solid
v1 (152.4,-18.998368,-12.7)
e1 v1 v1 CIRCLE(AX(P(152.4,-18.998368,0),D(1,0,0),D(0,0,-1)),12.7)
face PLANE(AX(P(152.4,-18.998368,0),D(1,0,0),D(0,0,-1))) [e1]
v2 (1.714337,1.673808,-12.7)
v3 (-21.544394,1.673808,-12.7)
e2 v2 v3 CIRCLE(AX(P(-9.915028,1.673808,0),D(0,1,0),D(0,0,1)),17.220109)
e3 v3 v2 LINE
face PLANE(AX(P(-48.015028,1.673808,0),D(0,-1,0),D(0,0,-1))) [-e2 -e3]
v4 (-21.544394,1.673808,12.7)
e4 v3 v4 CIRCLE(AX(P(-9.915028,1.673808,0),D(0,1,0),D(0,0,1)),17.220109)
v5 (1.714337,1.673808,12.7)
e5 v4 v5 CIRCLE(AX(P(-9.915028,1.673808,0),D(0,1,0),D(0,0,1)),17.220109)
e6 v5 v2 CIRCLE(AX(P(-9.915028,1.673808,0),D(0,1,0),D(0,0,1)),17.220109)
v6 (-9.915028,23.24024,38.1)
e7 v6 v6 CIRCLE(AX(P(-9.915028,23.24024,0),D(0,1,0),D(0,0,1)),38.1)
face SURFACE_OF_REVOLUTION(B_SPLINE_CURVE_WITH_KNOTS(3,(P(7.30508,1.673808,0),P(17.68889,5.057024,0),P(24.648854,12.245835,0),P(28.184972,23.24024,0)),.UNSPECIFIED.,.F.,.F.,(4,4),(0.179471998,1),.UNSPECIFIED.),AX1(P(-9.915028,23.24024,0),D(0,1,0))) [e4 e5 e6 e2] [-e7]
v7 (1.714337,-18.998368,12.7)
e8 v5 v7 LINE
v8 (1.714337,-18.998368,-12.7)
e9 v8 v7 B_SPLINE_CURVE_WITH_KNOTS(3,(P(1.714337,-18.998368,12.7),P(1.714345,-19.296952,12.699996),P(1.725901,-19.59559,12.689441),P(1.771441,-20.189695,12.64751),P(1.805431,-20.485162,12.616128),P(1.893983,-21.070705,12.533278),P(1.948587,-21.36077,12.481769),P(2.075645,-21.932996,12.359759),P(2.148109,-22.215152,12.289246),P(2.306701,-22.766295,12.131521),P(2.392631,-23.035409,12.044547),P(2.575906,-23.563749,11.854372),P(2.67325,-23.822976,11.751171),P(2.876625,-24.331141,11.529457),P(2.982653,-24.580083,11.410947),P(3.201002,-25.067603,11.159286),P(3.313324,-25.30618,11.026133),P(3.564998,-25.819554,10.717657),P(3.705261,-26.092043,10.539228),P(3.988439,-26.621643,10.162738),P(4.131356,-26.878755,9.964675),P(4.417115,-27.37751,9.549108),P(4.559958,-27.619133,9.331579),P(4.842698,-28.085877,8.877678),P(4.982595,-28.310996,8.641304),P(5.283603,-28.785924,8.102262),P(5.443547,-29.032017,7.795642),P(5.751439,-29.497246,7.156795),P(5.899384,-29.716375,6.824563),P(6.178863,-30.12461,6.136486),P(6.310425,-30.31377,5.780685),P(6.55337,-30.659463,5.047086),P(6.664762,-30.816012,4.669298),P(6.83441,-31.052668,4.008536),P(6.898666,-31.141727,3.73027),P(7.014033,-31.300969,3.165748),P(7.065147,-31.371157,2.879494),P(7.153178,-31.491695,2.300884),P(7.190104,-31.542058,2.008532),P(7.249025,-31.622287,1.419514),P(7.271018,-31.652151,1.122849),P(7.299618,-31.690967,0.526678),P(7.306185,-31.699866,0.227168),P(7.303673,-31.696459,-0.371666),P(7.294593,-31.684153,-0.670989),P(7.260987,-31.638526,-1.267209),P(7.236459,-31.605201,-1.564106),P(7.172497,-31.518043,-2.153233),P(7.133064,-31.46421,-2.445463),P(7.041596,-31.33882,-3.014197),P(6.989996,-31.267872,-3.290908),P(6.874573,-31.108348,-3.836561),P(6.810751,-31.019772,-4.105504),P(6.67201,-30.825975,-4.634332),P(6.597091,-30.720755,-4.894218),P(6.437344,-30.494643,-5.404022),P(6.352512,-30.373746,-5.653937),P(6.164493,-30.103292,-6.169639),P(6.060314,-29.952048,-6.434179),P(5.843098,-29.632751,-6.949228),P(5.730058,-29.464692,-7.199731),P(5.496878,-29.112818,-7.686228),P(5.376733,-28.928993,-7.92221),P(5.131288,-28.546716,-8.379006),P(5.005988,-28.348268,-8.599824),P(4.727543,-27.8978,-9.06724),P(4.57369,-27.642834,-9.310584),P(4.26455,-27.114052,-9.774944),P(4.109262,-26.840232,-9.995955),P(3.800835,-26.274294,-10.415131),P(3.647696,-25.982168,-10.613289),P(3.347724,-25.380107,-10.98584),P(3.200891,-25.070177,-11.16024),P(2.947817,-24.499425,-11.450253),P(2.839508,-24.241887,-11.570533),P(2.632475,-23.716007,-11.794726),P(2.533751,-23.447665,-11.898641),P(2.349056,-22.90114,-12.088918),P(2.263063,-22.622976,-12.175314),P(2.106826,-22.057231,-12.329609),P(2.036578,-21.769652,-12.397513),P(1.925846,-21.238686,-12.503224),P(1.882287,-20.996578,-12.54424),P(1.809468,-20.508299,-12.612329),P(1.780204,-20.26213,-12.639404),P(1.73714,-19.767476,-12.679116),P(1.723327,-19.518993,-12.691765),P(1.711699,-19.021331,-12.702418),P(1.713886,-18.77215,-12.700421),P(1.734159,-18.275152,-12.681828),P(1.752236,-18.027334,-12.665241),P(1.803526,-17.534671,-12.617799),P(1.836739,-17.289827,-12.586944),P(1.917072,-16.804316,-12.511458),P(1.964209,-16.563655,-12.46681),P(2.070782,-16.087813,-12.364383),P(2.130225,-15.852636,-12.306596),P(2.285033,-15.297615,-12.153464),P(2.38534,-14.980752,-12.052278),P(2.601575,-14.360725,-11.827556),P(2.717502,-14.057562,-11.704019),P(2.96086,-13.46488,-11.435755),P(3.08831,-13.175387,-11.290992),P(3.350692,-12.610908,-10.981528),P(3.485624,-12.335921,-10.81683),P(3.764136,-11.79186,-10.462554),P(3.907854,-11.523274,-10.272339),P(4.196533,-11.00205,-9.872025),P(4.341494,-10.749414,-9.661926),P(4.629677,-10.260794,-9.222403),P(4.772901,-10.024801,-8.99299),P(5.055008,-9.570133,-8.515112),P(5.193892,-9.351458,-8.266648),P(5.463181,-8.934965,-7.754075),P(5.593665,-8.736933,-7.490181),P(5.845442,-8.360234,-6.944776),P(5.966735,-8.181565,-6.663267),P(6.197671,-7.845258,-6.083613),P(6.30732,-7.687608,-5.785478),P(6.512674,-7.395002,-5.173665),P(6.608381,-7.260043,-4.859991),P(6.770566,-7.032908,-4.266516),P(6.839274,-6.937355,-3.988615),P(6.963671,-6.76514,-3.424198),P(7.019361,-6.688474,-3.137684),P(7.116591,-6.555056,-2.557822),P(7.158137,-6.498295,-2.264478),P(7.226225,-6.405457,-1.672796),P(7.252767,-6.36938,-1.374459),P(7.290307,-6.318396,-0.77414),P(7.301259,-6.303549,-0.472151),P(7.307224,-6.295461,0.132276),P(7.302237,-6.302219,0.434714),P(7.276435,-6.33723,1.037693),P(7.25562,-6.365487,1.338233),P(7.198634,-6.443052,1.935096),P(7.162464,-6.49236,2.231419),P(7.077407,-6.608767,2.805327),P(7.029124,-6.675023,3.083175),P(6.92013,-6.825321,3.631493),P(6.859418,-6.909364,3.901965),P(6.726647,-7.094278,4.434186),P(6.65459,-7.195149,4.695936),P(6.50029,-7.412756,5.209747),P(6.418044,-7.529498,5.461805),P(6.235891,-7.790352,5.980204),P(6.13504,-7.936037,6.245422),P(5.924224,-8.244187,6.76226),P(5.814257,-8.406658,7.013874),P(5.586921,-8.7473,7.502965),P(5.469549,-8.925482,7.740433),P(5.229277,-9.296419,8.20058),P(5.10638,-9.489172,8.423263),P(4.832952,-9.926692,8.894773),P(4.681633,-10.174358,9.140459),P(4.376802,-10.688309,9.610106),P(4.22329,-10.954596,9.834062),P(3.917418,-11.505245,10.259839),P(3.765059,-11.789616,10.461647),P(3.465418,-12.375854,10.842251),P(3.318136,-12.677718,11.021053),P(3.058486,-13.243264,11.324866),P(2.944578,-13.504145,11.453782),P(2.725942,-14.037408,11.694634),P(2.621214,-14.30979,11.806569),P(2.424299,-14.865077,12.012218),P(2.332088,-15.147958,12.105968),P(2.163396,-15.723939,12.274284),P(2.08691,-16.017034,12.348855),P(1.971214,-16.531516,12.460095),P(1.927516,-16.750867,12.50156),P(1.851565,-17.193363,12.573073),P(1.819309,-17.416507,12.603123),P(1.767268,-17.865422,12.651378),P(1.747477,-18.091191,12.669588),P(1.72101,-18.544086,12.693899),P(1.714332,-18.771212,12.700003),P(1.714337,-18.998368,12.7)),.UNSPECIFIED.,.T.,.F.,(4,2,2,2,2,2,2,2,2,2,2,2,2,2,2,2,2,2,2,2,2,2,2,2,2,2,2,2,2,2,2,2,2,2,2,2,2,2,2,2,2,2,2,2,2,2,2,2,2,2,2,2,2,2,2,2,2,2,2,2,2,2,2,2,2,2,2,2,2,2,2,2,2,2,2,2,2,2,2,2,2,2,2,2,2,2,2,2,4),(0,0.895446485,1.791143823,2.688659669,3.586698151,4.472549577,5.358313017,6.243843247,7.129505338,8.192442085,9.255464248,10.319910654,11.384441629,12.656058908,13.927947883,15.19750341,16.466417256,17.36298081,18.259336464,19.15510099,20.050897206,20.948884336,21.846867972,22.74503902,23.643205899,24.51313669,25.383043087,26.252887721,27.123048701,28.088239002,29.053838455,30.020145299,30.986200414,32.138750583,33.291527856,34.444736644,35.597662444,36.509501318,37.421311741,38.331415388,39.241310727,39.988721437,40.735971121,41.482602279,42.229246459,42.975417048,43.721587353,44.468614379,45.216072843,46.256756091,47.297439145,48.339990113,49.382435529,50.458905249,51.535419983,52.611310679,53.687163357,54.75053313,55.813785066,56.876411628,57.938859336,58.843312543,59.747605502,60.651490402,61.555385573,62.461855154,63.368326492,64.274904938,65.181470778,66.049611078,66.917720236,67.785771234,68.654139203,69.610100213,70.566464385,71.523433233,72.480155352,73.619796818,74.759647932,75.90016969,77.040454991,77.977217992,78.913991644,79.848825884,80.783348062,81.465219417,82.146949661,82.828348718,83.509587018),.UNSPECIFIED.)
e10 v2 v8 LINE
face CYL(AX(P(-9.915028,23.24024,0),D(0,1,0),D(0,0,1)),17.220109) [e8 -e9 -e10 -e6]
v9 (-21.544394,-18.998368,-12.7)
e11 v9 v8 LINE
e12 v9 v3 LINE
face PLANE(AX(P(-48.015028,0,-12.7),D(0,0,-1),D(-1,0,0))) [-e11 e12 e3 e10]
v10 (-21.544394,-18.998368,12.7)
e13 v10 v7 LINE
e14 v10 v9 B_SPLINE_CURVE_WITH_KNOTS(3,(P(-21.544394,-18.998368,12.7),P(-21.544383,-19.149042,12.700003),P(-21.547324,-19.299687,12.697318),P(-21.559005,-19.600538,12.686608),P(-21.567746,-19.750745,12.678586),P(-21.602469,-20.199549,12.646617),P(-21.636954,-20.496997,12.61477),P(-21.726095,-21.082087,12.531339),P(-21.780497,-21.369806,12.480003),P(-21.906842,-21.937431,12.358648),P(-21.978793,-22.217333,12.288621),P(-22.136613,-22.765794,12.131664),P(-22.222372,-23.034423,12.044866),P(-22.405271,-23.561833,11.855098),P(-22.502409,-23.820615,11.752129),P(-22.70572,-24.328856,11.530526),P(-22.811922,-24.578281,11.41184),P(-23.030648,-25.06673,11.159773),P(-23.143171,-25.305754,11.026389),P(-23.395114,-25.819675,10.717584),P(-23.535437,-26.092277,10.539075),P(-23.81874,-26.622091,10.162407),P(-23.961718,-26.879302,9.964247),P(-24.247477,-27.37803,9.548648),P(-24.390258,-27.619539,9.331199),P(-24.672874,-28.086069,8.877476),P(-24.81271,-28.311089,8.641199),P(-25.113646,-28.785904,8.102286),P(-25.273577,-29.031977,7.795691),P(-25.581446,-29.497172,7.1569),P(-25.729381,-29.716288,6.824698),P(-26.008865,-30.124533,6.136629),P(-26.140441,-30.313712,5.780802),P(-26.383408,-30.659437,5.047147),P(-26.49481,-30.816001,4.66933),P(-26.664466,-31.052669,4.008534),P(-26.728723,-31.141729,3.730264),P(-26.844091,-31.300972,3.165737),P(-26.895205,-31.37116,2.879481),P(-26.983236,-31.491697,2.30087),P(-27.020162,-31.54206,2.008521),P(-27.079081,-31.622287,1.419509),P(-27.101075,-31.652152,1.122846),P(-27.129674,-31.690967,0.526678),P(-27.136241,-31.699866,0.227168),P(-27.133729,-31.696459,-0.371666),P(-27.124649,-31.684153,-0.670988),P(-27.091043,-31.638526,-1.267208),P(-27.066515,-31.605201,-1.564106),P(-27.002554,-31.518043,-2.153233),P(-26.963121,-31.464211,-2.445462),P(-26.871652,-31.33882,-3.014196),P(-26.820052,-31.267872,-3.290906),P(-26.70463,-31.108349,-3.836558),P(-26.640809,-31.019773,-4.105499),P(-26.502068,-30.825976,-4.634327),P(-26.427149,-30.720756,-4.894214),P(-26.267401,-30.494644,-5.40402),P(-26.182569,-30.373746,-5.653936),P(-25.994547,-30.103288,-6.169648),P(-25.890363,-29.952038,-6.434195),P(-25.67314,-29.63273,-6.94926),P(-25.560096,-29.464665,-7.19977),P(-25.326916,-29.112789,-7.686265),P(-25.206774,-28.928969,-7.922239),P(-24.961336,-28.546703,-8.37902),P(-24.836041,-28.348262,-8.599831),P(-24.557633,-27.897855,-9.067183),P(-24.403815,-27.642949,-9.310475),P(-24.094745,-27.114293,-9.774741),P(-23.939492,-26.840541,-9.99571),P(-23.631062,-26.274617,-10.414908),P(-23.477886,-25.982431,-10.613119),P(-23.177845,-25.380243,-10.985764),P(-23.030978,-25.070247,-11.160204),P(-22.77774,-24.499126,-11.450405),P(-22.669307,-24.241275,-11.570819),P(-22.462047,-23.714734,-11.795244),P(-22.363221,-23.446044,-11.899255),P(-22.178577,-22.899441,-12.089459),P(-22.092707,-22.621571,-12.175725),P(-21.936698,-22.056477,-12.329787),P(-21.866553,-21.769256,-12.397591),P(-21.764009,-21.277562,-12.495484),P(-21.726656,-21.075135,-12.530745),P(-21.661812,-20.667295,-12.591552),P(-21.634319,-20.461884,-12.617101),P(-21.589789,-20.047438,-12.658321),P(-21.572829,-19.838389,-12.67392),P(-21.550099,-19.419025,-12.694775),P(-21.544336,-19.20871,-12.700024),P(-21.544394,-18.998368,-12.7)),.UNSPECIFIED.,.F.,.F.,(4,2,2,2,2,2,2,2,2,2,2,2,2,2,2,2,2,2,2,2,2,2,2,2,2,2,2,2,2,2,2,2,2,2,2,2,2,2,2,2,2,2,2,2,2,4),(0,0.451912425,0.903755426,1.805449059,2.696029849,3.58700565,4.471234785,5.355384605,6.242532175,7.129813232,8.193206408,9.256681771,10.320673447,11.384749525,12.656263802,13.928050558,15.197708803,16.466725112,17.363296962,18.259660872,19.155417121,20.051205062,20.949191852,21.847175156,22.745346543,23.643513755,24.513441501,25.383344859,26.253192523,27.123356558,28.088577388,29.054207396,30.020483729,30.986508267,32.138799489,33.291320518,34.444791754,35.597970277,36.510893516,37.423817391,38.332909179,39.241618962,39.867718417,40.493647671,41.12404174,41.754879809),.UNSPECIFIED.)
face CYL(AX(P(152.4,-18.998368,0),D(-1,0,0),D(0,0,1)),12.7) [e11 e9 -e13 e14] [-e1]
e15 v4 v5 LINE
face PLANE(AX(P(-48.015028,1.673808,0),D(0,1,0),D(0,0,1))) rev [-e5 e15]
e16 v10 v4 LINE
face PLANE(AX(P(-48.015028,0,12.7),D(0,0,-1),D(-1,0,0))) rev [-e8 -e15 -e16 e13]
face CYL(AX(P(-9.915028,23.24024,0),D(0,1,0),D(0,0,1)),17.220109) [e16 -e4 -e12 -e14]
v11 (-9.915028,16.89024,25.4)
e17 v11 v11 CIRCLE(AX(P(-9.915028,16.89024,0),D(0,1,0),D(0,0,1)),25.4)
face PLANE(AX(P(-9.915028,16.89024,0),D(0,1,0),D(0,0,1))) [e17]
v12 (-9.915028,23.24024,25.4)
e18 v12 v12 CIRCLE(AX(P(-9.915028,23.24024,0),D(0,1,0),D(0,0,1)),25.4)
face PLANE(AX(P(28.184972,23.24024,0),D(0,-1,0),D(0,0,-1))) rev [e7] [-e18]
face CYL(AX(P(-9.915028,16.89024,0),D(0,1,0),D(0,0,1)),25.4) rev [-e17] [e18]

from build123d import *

# Parameters (mm, degrees)
BOSS_EXTRUDE1_DEPTH      = 50.8
BOSS_EXTRUDE1_DEPTH_BACK = 101.6
SKETCH2_R                = 12.7
CUT_EXTRUDE2_DEPTH       = 159.628919589
SKETCH4_R                = 25.4
CUT_EXTRUDE3_DEPTH       = 6.35


with BuildPart() as part:
    # Sketch1 → Revolve1 (revolve)
    with BuildSketch(Plane.XY, mode=Mode.PRIVATE) as revolve1_sk:
        with BuildLine():
            Line((28.184971871, 23.240239964), (-9.915028129, 23.240239964))
            Line((-9.915028129, 23.240239964), (-9.915028129, -36.426191716))
            Line((-9.915028129, -36.426191716), (7.305080495, -36.426191716))
            Line((7.305080495, -36.426191716), (7.305080495, 1.673808284))
            add(Edge.make_bspline(
                [(7.305080495, 1.673808284), (17.688890223, 5.05702424), (24.648854015, 12.2458348), (28.184971871, 23.240239964)],
                knots=[0.179471998, 0.179471998, 0.179471998, 0.179471998, 1, 1, 1, 1], degree=3))
        make_face()
    revolve(revolve1_sk.sketch.rotate(Axis((-9.915028129, 23.240239964, 0), (0, -1, 0)), 90), axis=Axis((-9.915028129, 23.240239964, 0), (0, -1, 0)))

    # Sketch2 → Boss-Extrude1 (add, two sides: drawn at the far end of the back side and taken through both)
    with BuildSketch(Plane(origin=(101.6, 0, 0), x_dir=(0, 0, -1), z_dir=(1, 0, 0)).offset(-BOSS_EXTRUDE1_DEPTH_BACK)):
        with Locations(Location((0, -18.998368254, 0), (0, 0, 180))):
            Circle(SKETCH2_R)
    extrude(amount=BOSS_EXTRUDE1_DEPTH + BOSS_EXTRUDE1_DEPTH_BACK)

    # Sketch3 → Cut-Extrude2 (cut, through all)
    with BuildSketch(Plane(origin=(101.6, 0, 0), x_dir=(0, 0, -1), z_dir=(1, 0, 0))):
        with BuildLine():
            Line((17.220108624, -36.426191716), (17.220108624, -18.998368254))
            Line((17.220108624, -18.998368254), (17.220108624, 1.673808284))
            Line((17.220108624, 1.673808284), (12.7, 1.673808284))
            Line((12.7, 1.673808284), (12.7, -18.998368254))
            ThreePointArc((12.7, -18.998368254), (0, -31.698368254), (-12.7, -18.998368254))
            Line((-12.7, -18.998368254), (-12.7, 1.673808284))
            Line((-12.7, 1.673808284), (-17.220108624, 1.673808284))
            Line((-17.220108624, 1.673808284), (-17.220108624, -18.998368254))
            Line((-17.220108624, -18.998368254), (-17.220108624, -36.426191716))
            Line((-17.220108624, -36.426191716), (17.220108624, -36.426191716))
        make_face()
    extrude(amount=-CUT_EXTRUDE2_DEPTH, mode=Mode.SUBTRACT)

    # Sketch4 → Cut-Extrude3 (cut)
    with BuildSketch(Plane(origin=(0, 23.240239964, 0), x_dir=(1, 0, 0), z_dir=(0, 1, 0))):
        with Locations(Location((-9.915028129, 0, 0), (0, 0, 270))):
            Circle(SKETCH4_R)
    extrude(amount=-CUT_EXTRUDE3_DEPTH, mode=Mode.SUBTRACT)


solid = part.part
